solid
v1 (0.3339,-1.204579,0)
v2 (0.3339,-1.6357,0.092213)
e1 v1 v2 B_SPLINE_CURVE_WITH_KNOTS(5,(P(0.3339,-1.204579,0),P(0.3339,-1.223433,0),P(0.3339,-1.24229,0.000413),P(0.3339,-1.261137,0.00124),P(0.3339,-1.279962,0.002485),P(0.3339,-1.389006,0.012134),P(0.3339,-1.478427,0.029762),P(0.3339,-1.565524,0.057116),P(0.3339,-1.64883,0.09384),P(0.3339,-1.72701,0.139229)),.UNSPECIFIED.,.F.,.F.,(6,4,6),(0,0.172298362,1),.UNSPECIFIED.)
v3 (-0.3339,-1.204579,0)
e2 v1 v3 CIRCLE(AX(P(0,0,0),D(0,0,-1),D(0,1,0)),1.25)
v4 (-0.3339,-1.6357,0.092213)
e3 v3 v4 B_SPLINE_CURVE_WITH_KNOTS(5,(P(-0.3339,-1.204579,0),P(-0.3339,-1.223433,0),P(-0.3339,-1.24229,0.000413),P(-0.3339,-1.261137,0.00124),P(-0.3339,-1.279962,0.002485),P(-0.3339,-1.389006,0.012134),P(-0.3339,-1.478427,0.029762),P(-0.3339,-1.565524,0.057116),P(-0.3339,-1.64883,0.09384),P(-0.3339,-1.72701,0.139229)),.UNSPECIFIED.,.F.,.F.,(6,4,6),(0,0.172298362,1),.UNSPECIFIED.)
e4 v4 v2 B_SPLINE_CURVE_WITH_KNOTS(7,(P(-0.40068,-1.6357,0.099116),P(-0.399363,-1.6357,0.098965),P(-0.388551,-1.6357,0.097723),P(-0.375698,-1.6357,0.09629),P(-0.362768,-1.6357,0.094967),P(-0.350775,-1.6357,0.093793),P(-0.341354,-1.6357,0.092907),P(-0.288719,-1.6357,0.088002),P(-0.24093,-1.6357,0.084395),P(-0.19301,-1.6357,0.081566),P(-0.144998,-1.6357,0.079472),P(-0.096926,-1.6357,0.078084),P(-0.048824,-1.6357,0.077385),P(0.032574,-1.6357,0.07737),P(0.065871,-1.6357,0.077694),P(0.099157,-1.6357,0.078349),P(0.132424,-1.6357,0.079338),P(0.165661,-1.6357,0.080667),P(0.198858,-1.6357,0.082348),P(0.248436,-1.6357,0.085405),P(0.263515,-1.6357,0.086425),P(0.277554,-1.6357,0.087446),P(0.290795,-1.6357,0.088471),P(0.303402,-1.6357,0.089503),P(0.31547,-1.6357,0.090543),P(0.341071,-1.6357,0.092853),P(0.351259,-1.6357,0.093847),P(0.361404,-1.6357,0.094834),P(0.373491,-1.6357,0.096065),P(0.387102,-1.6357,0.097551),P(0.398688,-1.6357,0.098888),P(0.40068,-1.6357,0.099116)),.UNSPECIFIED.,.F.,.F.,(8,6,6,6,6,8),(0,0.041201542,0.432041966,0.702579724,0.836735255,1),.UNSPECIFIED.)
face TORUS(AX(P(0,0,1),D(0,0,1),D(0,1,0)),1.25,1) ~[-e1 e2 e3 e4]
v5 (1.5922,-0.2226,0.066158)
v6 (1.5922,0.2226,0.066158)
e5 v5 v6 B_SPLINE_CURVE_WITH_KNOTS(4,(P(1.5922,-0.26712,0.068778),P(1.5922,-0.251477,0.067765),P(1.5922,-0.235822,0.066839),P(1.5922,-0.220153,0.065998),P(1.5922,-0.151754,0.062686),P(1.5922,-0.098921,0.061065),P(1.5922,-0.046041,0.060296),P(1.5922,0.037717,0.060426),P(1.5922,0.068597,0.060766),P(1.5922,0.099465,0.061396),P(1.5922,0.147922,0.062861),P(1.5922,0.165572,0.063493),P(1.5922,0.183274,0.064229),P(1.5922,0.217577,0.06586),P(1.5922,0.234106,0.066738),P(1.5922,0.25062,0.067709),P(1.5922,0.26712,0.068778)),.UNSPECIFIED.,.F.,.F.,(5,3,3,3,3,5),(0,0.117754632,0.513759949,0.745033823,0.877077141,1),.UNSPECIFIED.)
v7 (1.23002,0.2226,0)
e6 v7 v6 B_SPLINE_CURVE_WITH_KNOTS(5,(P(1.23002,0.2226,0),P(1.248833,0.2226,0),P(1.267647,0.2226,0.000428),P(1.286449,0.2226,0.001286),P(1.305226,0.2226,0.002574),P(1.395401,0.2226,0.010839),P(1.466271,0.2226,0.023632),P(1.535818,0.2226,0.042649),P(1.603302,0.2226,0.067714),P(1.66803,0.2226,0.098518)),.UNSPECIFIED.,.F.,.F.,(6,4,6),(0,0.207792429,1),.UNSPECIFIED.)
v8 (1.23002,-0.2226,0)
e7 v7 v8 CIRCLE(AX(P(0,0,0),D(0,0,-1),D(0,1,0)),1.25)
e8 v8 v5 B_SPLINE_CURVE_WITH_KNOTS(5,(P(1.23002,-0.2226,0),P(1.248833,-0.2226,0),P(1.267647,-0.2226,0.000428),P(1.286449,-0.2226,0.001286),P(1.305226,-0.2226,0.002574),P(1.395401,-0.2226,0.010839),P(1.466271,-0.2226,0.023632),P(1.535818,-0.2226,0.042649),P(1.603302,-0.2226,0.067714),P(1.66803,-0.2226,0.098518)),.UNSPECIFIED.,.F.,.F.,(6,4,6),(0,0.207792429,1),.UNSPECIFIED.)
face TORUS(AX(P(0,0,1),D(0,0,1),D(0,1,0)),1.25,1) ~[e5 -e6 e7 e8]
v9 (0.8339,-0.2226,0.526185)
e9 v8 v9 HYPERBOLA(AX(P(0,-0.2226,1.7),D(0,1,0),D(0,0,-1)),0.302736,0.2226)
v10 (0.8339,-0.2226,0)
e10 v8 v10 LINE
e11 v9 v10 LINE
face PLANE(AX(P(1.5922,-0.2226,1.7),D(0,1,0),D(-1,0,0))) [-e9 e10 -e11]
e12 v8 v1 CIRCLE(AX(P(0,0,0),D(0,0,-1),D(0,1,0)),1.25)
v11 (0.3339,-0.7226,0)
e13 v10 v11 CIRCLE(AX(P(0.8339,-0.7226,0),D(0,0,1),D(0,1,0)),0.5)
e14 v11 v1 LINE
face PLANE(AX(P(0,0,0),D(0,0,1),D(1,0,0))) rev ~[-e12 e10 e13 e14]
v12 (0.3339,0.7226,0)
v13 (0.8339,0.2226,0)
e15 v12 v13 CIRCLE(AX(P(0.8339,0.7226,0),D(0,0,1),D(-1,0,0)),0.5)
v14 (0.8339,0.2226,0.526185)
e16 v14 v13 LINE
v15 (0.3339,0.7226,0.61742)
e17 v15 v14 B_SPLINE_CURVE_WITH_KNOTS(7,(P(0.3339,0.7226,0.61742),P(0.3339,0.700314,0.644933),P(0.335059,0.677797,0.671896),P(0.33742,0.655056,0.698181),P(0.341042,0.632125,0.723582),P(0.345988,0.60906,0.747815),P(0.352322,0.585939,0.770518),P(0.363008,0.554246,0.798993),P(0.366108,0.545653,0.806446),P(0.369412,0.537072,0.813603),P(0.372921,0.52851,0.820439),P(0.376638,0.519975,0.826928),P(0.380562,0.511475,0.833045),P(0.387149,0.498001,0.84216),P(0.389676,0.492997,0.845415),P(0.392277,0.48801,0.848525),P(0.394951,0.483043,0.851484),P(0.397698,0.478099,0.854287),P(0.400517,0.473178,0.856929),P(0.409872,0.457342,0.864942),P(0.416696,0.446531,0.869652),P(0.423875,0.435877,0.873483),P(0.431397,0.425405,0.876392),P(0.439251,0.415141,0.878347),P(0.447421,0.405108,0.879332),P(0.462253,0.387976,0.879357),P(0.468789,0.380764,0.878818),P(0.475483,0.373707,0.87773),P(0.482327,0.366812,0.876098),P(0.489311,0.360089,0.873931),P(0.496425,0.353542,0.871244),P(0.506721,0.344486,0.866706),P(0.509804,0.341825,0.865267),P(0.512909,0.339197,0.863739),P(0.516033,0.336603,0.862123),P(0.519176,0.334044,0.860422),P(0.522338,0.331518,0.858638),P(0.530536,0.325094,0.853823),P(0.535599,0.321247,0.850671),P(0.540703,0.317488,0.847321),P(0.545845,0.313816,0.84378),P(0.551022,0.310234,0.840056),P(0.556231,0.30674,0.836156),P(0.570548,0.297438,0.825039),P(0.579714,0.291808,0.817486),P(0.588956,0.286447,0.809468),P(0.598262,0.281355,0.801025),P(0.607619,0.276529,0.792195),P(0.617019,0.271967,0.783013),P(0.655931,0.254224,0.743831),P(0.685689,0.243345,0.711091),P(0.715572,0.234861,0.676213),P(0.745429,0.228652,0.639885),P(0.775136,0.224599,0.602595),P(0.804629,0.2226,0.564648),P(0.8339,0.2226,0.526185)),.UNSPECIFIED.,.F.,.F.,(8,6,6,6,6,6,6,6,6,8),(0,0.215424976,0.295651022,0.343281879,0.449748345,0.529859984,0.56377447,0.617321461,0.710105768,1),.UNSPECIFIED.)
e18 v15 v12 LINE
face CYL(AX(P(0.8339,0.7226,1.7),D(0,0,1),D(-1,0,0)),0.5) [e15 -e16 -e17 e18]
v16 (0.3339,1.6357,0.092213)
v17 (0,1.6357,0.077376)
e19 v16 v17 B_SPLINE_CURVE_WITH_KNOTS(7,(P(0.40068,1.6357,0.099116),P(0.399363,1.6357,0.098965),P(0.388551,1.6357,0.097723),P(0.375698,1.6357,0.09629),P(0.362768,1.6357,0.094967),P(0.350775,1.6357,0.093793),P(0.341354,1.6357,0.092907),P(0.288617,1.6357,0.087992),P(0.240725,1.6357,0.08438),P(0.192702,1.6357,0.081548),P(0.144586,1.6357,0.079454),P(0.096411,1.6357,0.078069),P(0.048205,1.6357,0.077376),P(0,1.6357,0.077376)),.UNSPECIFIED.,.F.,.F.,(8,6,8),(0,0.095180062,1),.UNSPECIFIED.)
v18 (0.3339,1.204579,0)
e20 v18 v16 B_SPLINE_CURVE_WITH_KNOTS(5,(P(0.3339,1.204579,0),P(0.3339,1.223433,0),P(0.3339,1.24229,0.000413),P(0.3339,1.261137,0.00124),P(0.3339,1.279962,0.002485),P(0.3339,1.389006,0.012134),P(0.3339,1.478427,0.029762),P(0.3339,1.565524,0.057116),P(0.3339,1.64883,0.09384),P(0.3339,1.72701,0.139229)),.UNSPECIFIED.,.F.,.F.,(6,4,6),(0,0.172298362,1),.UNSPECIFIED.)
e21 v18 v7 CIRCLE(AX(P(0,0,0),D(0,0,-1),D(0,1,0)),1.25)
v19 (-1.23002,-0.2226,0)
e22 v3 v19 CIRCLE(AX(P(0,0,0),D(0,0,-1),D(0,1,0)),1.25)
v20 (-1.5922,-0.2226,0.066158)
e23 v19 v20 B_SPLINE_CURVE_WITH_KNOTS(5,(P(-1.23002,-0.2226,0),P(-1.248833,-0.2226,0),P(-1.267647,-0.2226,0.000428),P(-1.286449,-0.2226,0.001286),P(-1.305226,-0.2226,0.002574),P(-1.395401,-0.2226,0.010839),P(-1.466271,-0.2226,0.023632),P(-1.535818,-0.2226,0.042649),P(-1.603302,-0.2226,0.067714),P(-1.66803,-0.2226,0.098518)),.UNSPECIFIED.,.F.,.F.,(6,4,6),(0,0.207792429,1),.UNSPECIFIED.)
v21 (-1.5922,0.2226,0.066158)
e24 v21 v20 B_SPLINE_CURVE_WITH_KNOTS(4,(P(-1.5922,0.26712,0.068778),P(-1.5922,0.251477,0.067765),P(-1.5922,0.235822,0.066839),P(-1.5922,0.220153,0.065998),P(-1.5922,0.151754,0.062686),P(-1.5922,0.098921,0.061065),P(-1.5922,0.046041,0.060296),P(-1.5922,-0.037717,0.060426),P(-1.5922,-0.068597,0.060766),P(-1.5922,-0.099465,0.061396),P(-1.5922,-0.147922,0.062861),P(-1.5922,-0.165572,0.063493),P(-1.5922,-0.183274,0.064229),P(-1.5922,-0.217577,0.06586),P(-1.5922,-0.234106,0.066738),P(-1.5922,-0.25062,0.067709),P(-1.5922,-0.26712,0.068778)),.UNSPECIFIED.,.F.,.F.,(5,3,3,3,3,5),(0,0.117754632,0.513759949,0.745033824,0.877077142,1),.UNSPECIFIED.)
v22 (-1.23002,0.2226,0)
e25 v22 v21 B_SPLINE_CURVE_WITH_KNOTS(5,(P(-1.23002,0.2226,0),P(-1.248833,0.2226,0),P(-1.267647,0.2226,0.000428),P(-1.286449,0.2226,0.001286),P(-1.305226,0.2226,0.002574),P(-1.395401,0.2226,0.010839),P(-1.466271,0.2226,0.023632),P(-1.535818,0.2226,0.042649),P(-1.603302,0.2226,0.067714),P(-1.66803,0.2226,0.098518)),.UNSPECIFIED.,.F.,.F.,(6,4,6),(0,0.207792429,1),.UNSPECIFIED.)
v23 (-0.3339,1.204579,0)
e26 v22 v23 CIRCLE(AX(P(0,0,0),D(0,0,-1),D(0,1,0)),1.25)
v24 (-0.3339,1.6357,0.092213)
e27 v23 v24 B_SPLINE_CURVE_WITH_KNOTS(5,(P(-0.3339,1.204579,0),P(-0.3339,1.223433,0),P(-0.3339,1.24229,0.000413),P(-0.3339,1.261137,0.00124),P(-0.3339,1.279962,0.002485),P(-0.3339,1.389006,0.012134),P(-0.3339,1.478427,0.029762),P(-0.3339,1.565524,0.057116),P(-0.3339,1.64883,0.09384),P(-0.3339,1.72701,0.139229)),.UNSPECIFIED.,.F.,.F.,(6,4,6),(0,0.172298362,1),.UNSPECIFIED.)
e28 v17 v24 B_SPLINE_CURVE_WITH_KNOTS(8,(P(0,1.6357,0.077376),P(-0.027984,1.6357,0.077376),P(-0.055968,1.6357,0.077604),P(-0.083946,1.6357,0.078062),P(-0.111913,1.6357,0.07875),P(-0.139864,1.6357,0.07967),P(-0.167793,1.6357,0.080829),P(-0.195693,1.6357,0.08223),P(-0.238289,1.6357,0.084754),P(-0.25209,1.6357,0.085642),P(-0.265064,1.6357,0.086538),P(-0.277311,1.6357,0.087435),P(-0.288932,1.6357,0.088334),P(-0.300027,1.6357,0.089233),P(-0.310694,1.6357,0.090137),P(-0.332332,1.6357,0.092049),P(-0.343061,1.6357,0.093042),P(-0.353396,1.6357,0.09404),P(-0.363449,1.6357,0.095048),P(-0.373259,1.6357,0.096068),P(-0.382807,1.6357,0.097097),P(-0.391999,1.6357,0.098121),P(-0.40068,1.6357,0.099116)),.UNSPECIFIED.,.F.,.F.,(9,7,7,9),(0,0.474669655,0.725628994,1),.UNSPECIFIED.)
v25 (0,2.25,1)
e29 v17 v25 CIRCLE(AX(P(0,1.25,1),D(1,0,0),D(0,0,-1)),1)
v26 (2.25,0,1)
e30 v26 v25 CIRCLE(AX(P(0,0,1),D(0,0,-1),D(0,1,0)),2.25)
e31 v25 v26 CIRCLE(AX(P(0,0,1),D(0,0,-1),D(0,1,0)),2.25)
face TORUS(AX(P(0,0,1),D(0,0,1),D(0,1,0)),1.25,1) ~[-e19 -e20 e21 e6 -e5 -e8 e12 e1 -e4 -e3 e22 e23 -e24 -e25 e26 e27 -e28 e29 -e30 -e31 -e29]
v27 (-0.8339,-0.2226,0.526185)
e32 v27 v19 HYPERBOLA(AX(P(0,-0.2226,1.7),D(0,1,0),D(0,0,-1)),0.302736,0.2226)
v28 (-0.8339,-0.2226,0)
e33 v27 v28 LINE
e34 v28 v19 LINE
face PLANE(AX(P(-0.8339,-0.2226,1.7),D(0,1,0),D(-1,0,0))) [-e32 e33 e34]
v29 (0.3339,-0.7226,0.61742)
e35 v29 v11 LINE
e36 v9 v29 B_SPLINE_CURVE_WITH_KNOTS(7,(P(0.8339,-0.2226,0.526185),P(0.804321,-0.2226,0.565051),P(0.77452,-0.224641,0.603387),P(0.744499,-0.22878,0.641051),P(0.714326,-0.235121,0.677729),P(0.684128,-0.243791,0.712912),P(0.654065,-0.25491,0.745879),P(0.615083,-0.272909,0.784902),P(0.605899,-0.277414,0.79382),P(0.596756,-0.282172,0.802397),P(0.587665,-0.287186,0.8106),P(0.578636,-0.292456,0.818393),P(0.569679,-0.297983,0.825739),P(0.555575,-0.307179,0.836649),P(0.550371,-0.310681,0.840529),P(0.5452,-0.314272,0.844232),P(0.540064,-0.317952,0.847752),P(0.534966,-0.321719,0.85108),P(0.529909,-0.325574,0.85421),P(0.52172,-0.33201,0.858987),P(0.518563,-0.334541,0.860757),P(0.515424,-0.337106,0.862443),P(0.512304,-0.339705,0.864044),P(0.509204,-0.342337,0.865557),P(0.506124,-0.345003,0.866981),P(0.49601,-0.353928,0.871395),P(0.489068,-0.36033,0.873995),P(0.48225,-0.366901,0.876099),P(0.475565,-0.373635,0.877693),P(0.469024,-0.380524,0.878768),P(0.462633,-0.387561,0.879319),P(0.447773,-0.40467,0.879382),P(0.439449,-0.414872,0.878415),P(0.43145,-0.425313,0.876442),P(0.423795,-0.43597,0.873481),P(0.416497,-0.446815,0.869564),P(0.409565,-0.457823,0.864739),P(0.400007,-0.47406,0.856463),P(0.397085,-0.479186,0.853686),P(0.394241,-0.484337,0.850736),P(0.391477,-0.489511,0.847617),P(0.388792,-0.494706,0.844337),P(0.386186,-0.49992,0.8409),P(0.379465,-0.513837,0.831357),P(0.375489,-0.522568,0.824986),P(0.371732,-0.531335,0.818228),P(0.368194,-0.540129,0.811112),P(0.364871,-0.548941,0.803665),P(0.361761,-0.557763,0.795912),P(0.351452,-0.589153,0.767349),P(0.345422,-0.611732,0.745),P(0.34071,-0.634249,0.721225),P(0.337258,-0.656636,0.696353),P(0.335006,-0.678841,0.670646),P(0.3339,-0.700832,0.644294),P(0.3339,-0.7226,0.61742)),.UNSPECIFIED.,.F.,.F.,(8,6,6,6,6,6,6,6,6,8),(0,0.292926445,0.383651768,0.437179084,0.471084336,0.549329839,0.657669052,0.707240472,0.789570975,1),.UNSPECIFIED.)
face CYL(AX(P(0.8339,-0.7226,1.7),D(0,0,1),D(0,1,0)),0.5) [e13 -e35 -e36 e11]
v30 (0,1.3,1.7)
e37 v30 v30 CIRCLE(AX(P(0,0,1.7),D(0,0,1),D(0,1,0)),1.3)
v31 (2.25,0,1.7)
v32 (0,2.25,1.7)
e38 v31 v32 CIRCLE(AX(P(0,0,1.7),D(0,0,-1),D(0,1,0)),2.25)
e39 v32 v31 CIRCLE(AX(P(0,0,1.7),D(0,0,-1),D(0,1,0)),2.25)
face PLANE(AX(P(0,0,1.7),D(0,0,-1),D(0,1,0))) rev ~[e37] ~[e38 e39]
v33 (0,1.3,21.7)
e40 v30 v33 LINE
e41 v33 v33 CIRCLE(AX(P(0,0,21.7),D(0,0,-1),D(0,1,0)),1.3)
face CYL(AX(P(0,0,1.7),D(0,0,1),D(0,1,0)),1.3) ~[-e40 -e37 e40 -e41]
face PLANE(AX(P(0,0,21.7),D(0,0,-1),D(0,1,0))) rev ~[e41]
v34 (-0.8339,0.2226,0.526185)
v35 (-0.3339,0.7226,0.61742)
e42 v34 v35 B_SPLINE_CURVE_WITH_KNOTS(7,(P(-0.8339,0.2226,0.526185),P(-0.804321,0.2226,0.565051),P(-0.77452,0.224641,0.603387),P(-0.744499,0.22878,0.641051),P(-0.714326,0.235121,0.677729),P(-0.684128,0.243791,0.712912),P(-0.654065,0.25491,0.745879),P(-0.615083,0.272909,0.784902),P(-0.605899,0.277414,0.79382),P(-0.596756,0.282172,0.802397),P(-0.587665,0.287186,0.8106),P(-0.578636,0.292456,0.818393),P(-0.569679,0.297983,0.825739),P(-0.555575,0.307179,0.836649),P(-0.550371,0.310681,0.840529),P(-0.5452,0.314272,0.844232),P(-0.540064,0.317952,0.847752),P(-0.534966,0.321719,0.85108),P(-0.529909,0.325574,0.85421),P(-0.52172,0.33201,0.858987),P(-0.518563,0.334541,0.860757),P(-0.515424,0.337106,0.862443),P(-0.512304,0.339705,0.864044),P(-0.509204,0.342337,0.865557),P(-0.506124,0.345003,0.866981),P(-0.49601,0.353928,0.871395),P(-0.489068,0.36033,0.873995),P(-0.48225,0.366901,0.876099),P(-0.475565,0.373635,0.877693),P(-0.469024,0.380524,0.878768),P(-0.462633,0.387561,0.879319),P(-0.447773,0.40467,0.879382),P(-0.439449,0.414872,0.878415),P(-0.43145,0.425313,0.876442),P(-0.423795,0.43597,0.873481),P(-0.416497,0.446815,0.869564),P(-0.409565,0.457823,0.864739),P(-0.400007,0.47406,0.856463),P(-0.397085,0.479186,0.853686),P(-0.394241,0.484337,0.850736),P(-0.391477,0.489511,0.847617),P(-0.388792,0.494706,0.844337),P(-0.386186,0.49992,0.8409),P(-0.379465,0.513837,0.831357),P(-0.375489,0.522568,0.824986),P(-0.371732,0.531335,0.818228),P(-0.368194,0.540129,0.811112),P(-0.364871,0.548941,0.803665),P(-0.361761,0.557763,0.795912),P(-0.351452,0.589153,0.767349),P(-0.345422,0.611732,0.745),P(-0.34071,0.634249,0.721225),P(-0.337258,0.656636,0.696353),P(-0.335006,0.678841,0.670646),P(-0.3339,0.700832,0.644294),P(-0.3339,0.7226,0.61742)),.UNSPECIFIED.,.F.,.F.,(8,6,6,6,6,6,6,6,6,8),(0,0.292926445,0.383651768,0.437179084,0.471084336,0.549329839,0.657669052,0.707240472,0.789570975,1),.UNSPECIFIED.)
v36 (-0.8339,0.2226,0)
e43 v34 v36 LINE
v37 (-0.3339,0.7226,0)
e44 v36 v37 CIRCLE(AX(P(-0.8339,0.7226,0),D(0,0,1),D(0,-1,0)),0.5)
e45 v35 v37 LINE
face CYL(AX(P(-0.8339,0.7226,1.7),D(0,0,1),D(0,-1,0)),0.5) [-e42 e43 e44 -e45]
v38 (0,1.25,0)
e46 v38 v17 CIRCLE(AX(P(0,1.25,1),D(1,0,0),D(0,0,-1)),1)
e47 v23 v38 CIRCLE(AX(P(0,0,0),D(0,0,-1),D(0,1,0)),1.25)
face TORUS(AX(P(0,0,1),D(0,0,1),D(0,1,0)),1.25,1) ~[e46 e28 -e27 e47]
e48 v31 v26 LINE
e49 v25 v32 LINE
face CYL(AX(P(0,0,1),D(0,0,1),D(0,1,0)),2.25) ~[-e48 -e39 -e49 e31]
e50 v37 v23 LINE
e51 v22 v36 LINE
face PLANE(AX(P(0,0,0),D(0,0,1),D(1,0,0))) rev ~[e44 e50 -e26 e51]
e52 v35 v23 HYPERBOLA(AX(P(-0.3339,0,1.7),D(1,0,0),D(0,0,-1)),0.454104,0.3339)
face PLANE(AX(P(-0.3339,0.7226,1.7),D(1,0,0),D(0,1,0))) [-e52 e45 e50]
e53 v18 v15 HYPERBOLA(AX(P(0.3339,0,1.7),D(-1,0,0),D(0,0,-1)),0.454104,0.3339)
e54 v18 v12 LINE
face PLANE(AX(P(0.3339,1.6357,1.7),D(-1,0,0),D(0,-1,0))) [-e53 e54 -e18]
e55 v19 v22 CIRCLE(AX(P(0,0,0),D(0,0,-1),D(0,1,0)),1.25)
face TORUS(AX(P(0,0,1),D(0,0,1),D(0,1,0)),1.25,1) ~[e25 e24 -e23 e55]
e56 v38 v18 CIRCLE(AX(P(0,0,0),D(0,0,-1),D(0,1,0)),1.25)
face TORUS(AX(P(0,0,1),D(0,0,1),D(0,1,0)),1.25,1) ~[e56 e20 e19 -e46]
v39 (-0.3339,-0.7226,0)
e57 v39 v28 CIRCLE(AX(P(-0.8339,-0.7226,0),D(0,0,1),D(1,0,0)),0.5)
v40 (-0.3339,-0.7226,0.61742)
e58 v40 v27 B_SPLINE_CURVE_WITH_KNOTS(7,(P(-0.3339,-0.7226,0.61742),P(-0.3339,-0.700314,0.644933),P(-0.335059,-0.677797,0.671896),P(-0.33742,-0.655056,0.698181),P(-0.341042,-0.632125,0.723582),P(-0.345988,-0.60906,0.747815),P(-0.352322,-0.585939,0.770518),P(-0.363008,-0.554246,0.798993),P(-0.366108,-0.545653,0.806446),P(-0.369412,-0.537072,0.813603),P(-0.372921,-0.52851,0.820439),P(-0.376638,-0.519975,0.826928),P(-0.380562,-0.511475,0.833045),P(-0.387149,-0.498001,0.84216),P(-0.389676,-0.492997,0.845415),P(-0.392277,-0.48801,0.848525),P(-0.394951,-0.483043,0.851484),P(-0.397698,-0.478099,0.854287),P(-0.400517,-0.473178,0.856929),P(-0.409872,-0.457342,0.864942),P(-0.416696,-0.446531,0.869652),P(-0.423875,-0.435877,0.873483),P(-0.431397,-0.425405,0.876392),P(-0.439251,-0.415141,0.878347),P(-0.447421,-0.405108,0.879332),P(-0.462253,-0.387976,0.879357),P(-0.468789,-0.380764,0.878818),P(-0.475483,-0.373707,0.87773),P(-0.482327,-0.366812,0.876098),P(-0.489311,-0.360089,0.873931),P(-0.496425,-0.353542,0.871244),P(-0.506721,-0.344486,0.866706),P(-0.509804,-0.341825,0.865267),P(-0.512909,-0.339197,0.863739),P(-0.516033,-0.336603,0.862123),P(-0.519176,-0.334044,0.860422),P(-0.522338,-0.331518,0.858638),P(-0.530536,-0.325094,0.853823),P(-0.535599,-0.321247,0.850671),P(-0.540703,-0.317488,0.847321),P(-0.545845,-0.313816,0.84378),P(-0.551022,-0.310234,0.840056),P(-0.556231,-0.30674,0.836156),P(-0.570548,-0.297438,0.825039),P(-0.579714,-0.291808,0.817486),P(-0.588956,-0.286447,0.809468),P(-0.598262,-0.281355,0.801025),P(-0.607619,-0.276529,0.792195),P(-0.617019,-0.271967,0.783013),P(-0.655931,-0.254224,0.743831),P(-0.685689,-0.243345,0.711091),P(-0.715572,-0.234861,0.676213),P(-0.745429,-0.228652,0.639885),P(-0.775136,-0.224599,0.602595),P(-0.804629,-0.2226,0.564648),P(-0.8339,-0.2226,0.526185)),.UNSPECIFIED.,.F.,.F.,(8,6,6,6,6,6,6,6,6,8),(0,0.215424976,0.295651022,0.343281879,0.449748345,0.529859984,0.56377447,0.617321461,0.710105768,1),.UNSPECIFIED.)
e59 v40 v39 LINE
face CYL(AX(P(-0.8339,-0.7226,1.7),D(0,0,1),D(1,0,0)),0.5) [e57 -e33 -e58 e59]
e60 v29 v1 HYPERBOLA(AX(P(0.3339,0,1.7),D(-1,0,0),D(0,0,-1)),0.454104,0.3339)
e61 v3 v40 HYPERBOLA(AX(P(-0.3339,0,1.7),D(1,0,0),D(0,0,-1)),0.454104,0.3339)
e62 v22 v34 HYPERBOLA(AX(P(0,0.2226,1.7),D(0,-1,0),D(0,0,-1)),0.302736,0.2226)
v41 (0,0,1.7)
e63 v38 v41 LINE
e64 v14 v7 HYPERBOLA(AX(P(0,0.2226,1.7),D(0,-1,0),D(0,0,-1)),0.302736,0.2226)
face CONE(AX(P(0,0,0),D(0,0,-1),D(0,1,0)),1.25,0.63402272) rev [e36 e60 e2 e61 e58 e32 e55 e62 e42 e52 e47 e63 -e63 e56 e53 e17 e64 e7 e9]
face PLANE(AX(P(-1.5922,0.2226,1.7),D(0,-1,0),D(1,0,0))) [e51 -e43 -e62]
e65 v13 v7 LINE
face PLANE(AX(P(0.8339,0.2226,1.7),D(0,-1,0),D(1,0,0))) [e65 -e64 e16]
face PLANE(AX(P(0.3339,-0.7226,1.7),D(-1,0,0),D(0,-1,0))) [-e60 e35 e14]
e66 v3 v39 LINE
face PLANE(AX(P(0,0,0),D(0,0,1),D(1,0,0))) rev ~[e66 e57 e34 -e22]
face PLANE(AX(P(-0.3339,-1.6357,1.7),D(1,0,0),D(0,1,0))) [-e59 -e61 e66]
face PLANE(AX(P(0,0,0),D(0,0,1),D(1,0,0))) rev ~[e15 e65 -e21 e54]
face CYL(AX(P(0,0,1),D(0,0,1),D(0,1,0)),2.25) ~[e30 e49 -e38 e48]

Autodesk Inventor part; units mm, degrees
ref_plane "YZ Plane" through (0, 0, 0) normal (1, 0, 0) x (0, 1, 0)
ref_plane "XZ Plane" through (0, 0, 0) normal (0, 1, 0) x (-1, 0, 0)
ref_plane "XY Plane" through (0, 0, 0) normal (0, 0, 1) x (1, 0, 0)
sketch "スケッチ1" plane through (0, 0, 0) normal (1, 0, 0) x (0, 1, 0)
  line L0 (0, 21.7) -> (0, 0)
  line L1 (0, 0) -> (1.25, 0)
  line L2 (2.25, 1) -> (2.25, 1.7)
  line L3 (2.25, 1.7) -> (1.3, 1.7)
  line L4 (1.3, 1.7) -> (1.3, 21.7)
  line L5 (1.3, 21.7) -> (0, 21.7)
  line L6 (1.25, 0) -> (0, 1.7)
  arc A0 (1.25, 0) -> (2.25, 1) centre (1.25, 1) ccw
  line L7 (1.25, 0) -> (2.25, 0)
  line L8 (2.25, 0) -> (2.25, 1)
  dimension "d2" = 1.7
  dimension "d10" = 20
  dimension "d11" = 2.6
  dimension "d12" = 4.5
  dimension "d14" = 1
revolve "回転1" add sketch "スケッチ1" angle 360 about axis through (0, 0, 21.7) along (0, 0, -1) contours L5 L4 L3 L2 A0 L6 L0
thread "ねじ1" size "M2.6x0.45" class "6g" standard "ANSI Metric M Profile" full length
sketch "スケッチ2" plane through (0, 0, 1.7) normal (0, 0, 1) x (1, 0, 0)
  line L0 (0.3339, -1.6357) -> (-0.3339, -1.6357)
  line L1 (-0.3339, -1.6357) -> (-0.3339, -0.7226)
  line L2 (-0.3339, 1.6357) -> (0.3339, 1.6357)
  line L3 (0.3339, 1.6357) -> (0.3339, 0.7226)
  line L4 (0.3339, -1.6357) -> (-0.3339, 1.6357) construction
  line L5 (-0.3339, -1.6357) -> (0.3339, 1.6357) construction
  line L6 (-1.5922, 0.2226) -> (-0.8339, 0.2226)
  line L7 (1.5922, 0.2226) -> (1.5922, -0.2226)
  line L8 (1.5922, -0.2226) -> (0.8339, -0.2226)
  line L9 (-1.5922, -0.2226) -> (-1.5922, 0.2226)
  line L10 (-1.5922, 0.2226) -> (1.5922, -0.2226) construction
  line L11 (1.5922, 0.2226) -> (-1.5922, -0.2226) construction
  circle A0 centre (0, 0) radius 2.25
  line L12 (0.3339, -0.7226) -> (0.3339, -1.6357)
  line L13 (0.8339, 0.2226) -> (1.5922, 0.2226)
  line L14 (-0.8339, -0.2226) -> (-1.5922, -0.2226)
  line L15 (-0.3339, 0.7226) -> (-0.3339, 1.6357)
  arc A1 (0.8339, -0.2226) -> (0.3339, -0.7226) centre (0.8339, -0.7226) ccw
  arc A2 (0.3339, 0.7226) -> (0.8339, 0.2226) centre (0.8339, 0.7226) ccw
  arc A3 (-0.8339, 0.2226) -> (-0.3339, 0.7226) centre (-0.8339, 0.7226) ccw
  arc A4 (-0.3339, -0.7226) -> (-0.8339, -0.2226) centre (-0.8339, -0.7226) ccw
  point P0 (0, 0)
  point P1 (-0.3339, -0.2226)
  point P2 (-0.3339, 0.2226)
  point P3 (0.3339, 0.2226)
  point P4 (0.3339, -0.2226)
  dimension "d18" = 0.5
extrude "押し出し2" add sketch "スケッチ2" against normal blind 1.7
revolve "回転2" cut sketch "スケッチ1" angle 360 about axis through (0, 0, 21.7) along (0, 0, -1) contours A0 L8 L7
properties part number "F-2620EB" material "チタン"
